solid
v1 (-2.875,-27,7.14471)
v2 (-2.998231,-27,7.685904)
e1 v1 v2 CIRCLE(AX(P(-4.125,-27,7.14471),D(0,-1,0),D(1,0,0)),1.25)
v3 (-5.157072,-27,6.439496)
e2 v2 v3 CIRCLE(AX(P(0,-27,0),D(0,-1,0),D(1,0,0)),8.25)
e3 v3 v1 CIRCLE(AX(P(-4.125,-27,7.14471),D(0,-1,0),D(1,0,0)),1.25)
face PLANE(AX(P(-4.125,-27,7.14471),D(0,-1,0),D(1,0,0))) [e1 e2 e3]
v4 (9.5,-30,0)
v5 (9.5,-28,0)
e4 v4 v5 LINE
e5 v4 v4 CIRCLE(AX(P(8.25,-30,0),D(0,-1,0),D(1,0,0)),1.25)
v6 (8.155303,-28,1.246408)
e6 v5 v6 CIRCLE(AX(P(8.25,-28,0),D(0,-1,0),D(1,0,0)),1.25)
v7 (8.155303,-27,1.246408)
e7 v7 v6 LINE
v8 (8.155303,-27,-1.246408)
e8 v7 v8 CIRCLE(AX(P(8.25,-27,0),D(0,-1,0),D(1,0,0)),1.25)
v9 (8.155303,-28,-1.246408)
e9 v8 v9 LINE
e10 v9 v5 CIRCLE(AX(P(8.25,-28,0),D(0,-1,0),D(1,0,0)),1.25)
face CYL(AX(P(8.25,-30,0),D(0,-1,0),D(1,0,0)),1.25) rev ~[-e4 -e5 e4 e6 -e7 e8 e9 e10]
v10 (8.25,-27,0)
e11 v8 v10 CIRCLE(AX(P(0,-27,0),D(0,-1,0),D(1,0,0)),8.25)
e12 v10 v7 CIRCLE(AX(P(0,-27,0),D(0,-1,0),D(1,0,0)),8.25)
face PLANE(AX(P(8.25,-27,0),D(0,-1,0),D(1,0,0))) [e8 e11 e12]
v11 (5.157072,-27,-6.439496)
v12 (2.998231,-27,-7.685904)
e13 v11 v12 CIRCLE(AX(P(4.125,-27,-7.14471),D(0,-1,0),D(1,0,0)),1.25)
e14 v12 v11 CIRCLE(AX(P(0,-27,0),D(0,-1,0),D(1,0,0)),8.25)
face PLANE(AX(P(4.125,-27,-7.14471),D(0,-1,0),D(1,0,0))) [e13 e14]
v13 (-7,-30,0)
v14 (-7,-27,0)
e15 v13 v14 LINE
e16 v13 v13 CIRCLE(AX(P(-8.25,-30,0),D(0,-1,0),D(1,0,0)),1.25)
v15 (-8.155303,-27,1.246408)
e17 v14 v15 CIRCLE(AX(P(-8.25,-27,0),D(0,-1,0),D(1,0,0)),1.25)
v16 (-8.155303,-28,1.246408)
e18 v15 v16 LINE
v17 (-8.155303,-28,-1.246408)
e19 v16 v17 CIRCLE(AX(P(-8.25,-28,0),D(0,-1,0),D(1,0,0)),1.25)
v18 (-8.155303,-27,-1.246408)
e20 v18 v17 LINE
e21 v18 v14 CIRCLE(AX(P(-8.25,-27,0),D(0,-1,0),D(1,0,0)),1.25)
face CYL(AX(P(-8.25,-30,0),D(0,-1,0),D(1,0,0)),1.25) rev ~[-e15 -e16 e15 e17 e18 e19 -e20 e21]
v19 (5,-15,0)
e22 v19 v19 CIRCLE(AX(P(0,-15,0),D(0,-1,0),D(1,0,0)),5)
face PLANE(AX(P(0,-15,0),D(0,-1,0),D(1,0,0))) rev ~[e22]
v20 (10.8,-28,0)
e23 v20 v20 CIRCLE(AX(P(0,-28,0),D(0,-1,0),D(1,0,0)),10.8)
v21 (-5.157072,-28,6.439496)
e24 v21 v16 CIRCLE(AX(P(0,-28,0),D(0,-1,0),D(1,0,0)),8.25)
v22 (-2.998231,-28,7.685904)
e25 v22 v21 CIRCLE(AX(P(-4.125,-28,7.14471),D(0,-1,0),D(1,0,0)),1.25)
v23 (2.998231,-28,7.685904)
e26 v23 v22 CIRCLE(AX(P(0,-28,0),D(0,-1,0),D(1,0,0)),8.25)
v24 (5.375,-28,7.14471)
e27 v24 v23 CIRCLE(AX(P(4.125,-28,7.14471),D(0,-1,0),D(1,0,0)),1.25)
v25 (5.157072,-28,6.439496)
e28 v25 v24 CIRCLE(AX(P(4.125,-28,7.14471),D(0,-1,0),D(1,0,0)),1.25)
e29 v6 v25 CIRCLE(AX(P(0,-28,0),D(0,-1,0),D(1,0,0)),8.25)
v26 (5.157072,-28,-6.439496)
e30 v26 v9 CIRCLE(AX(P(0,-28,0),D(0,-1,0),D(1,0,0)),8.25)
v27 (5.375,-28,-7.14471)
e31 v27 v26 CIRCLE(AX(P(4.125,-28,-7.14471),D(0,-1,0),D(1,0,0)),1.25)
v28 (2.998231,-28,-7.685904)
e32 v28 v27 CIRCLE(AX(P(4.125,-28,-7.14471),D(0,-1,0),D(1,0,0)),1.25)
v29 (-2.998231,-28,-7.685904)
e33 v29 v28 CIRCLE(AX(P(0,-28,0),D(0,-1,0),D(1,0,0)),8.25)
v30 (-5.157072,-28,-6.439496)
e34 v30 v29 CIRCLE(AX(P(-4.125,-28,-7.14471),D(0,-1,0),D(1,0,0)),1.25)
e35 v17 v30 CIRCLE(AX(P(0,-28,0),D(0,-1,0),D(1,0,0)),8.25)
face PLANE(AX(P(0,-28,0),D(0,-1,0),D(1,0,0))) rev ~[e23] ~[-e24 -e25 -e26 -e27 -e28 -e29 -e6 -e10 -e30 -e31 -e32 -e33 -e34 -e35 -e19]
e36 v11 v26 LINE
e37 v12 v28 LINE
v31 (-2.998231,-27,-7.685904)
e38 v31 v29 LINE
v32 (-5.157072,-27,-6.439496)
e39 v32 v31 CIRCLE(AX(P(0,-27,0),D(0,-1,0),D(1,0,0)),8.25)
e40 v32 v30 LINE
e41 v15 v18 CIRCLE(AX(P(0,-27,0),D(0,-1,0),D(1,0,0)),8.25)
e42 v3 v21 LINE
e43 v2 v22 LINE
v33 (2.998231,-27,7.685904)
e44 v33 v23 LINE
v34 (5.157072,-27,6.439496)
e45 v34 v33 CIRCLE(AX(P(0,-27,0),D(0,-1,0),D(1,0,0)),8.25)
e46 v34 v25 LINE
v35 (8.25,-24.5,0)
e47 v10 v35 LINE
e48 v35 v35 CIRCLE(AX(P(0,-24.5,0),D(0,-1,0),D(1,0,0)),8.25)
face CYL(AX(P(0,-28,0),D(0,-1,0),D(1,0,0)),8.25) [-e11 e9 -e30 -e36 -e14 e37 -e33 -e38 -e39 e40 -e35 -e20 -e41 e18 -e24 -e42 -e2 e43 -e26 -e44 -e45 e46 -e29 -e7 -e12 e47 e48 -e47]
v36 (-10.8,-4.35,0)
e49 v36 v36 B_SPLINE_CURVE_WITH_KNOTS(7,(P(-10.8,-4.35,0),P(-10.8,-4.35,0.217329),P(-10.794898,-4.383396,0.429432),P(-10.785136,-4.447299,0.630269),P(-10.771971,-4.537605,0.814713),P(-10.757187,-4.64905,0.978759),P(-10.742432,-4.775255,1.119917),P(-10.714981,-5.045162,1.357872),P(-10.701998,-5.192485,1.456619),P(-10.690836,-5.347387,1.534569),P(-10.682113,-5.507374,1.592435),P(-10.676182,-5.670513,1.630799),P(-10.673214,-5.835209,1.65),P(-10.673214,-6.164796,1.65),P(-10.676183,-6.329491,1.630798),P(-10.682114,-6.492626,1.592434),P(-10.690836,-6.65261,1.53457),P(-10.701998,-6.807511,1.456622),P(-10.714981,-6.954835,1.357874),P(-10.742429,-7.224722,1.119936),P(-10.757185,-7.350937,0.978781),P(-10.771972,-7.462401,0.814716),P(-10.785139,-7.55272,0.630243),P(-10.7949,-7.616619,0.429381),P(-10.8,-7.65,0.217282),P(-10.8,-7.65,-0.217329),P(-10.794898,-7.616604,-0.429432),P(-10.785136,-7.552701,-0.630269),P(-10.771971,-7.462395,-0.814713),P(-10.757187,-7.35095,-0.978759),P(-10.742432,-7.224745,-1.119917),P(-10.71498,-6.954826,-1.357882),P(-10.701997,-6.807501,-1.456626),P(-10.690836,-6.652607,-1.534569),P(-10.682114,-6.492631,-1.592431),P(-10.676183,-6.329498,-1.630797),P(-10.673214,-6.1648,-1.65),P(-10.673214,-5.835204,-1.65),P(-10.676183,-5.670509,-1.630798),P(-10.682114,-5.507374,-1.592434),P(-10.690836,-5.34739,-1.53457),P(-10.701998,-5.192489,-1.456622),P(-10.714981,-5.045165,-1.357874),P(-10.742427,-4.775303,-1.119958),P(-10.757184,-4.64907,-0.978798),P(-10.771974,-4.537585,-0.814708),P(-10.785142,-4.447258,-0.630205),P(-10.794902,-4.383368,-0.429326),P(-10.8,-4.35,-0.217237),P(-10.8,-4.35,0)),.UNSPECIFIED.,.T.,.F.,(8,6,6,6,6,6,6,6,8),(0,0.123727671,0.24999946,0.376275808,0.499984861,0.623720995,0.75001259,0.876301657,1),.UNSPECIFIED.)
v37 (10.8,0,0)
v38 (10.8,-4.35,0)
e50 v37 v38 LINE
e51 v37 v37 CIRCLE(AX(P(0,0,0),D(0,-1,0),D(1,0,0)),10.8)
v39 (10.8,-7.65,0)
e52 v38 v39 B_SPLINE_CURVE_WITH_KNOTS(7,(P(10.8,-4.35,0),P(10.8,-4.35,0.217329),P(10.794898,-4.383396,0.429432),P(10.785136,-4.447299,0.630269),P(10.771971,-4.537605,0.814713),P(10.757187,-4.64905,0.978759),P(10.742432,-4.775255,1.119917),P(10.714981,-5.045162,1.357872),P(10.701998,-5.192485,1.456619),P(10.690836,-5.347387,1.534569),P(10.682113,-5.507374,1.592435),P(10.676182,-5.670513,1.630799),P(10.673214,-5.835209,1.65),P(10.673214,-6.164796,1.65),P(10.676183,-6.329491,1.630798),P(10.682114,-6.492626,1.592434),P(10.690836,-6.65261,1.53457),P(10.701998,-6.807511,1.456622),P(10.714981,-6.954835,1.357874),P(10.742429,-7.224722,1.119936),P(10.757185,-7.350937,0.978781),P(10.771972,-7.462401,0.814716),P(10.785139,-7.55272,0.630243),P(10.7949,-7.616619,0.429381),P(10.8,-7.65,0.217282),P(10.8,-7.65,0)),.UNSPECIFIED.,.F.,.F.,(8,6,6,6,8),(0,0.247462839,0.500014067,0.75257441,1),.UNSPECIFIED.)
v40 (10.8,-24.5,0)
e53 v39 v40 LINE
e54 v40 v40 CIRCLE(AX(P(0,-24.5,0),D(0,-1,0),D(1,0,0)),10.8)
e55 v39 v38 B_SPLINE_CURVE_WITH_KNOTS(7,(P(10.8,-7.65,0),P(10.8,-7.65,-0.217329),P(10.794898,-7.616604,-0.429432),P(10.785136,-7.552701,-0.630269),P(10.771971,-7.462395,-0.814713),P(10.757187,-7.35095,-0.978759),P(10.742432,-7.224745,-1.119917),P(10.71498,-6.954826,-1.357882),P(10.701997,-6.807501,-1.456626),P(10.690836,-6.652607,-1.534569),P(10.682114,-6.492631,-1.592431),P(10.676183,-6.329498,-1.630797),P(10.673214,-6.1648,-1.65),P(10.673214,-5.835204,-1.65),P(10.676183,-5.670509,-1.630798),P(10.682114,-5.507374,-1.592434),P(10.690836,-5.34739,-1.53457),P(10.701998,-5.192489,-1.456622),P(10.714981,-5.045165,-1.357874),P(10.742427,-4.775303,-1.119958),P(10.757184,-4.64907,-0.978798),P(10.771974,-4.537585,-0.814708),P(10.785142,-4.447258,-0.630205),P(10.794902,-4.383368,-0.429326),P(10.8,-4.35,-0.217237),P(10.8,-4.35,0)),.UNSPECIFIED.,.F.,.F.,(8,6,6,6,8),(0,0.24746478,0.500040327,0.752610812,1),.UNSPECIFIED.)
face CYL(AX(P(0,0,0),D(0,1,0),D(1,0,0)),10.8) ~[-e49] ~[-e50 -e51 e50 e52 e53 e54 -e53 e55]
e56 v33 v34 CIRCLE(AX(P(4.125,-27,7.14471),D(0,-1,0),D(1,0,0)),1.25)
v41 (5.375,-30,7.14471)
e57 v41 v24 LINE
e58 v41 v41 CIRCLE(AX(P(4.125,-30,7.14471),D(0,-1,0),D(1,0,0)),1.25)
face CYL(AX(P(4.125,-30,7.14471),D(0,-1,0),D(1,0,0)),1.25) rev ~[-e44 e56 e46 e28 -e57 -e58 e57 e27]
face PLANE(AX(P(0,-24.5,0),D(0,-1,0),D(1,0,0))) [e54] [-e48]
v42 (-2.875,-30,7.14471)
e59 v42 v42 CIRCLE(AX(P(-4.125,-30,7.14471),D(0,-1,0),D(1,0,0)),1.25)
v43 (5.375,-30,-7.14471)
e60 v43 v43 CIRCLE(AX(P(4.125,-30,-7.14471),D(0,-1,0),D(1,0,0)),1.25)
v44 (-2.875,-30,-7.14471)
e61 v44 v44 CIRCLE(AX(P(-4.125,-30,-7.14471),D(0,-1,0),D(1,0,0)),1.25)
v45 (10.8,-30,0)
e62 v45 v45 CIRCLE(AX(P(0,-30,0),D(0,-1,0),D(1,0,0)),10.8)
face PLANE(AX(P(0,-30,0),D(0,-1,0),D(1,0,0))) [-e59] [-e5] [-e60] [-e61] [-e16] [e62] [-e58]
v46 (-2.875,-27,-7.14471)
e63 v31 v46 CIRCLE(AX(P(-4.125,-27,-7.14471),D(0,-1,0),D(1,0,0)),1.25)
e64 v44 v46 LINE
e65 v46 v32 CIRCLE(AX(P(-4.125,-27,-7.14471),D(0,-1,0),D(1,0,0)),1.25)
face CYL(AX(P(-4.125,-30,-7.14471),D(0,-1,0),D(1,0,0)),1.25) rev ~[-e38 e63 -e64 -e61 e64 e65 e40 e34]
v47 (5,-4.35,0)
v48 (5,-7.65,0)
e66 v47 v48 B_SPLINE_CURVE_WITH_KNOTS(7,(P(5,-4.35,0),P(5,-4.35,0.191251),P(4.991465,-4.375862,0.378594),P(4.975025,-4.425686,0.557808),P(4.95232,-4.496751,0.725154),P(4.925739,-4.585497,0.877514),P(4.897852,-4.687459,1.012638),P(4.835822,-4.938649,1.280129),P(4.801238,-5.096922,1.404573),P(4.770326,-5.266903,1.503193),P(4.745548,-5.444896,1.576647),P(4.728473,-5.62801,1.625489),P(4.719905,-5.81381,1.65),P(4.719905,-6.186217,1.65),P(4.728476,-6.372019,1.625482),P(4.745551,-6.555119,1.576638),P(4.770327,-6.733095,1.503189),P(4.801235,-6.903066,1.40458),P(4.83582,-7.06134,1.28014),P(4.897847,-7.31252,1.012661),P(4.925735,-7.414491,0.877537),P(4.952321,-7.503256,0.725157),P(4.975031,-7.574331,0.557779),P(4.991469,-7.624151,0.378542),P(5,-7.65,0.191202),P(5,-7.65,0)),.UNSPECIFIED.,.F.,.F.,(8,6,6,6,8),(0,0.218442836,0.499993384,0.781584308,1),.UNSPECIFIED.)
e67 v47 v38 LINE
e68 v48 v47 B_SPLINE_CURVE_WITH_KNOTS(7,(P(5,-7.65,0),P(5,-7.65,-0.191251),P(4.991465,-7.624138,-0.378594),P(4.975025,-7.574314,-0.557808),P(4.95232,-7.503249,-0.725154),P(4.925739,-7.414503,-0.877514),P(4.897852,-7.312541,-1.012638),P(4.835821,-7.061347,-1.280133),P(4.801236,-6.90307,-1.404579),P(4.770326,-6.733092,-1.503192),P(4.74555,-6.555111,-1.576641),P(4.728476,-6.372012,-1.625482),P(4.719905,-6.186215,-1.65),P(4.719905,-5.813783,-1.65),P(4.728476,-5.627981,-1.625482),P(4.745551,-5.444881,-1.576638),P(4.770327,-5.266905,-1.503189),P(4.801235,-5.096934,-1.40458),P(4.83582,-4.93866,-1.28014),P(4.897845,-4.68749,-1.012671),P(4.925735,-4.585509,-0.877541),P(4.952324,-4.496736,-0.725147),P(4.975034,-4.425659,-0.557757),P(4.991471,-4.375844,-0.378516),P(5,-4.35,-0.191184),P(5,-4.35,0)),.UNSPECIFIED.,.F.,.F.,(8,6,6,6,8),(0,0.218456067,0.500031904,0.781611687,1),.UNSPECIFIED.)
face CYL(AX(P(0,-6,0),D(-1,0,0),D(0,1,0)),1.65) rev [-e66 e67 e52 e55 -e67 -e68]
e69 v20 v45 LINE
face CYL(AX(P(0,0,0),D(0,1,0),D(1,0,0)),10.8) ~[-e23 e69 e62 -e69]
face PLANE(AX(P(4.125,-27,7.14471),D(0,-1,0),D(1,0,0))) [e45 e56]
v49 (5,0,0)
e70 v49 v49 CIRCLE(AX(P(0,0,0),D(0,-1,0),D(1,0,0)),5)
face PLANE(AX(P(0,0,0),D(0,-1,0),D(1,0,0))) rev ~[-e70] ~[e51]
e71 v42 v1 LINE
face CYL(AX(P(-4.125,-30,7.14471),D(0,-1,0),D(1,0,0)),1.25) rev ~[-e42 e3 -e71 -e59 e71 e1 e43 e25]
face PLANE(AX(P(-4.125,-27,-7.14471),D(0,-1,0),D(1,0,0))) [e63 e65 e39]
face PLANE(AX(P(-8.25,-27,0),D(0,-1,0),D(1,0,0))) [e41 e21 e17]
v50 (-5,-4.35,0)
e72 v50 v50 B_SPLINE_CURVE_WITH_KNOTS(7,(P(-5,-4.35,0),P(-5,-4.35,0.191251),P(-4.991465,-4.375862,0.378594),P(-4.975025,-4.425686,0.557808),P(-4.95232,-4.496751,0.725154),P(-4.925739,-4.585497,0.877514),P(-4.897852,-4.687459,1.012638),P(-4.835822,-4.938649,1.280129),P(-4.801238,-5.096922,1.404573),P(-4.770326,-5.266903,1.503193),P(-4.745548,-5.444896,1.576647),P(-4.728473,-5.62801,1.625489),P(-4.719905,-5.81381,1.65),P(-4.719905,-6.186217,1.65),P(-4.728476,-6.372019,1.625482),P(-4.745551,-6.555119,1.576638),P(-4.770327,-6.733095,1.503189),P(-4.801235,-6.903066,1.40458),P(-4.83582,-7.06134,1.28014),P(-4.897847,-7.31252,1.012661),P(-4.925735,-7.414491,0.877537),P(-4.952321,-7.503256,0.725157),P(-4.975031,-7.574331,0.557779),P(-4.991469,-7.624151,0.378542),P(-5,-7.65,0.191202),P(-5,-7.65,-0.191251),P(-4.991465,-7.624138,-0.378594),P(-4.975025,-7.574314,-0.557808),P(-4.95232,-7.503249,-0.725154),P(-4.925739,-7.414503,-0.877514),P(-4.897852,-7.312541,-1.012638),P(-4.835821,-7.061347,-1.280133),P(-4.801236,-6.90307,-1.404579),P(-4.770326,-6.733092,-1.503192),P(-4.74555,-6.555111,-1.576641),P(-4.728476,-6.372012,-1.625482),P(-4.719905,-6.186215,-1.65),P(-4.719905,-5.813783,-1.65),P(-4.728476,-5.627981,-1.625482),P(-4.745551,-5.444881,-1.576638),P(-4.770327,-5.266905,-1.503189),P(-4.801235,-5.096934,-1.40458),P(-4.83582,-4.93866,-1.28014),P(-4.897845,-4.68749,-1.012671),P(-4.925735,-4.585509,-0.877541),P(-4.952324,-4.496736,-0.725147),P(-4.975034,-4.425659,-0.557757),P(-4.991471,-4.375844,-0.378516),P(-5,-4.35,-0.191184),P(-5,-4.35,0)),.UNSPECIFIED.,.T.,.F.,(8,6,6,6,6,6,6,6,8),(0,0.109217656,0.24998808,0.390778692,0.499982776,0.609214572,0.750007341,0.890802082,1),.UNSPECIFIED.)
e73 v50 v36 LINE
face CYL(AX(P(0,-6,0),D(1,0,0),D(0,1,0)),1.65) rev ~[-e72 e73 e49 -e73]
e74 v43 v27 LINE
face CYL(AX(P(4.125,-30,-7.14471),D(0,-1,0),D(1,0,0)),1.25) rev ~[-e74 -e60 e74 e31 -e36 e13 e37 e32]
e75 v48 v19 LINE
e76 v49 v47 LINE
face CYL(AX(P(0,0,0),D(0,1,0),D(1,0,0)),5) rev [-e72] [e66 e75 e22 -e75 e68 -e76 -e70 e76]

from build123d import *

# Parameters (mm, degrees)
F0_R          = 10.8
F0_R_2        = 5
F1_DEPTH      = 30
F2_DEPTH      = 15
F3_R          = 1.65
F4_DEPTH      = 10.801
F4_DEPTH_BACK = 10.801
F6_R          = 10.8
F6_R_2        = 8.25
F7_DEPTH      = 3.5
F8_R          = 1.25
F9_DEPTH      = 3


with BuildPart() as f1:
    # F0 (on Front) → F1 (new body)
    with BuildSketch(Plane.XZ):
        Circle(F0_R)
        Circle(F0_R_2, mode=Mode.SUBTRACT)
        Circle(F0_R_2)
    extrude(amount=F1_DEPTH)

    # F0 (on Front) → F2 (cut)
    with BuildSketch(Plane.XZ):
        Circle(F0_R_2)
    extrude(amount=F2_DEPTH, mode=Mode.SUBTRACT)

    # F3 (on Right) → F4 (cut, two sides)
    with BuildSketch(Plane.YZ) as f4_sk:
        with Locations((-6, 0)):
            Circle(F3_R)
    extrude(amount=-F4_DEPTH, mode=Mode.SUBTRACT)
    extrude(f4_sk.sketch, amount=F4_DEPTH_BACK, mode=Mode.SUBTRACT)

    # F6 (on offset) → F7 (cut)
    with BuildSketch(Plane.XZ.offset(28)):
        Circle(F6_R)
        Circle(F6_R_2, mode=Mode.SUBTRACT)
    extrude(amount=-F7_DEPTH, mode=Mode.SUBTRACT)

    # F8 (on face) → F9 (cut)
    with BuildSketch(Plane.XZ.offset(30)):
        with Locations((-4.125, 7.1447095812)):
            Circle(F8_R)
        with Locations((4.125, 7.1447095812)):
            Circle(F8_R)
        with Locations((-8.25, 0)):
            Circle(F8_R)
        with Locations((-4.125, -7.1447095812)):
            Circle(F8_R)
        with Locations((4.125, -7.1447095812)):
            Circle(F8_R)
        with Locations((8.25, 0)):
            Circle(F8_R)
    extrude(amount=-F9_DEPTH, mode=Mode.SUBTRACT)


solid = f1.part
